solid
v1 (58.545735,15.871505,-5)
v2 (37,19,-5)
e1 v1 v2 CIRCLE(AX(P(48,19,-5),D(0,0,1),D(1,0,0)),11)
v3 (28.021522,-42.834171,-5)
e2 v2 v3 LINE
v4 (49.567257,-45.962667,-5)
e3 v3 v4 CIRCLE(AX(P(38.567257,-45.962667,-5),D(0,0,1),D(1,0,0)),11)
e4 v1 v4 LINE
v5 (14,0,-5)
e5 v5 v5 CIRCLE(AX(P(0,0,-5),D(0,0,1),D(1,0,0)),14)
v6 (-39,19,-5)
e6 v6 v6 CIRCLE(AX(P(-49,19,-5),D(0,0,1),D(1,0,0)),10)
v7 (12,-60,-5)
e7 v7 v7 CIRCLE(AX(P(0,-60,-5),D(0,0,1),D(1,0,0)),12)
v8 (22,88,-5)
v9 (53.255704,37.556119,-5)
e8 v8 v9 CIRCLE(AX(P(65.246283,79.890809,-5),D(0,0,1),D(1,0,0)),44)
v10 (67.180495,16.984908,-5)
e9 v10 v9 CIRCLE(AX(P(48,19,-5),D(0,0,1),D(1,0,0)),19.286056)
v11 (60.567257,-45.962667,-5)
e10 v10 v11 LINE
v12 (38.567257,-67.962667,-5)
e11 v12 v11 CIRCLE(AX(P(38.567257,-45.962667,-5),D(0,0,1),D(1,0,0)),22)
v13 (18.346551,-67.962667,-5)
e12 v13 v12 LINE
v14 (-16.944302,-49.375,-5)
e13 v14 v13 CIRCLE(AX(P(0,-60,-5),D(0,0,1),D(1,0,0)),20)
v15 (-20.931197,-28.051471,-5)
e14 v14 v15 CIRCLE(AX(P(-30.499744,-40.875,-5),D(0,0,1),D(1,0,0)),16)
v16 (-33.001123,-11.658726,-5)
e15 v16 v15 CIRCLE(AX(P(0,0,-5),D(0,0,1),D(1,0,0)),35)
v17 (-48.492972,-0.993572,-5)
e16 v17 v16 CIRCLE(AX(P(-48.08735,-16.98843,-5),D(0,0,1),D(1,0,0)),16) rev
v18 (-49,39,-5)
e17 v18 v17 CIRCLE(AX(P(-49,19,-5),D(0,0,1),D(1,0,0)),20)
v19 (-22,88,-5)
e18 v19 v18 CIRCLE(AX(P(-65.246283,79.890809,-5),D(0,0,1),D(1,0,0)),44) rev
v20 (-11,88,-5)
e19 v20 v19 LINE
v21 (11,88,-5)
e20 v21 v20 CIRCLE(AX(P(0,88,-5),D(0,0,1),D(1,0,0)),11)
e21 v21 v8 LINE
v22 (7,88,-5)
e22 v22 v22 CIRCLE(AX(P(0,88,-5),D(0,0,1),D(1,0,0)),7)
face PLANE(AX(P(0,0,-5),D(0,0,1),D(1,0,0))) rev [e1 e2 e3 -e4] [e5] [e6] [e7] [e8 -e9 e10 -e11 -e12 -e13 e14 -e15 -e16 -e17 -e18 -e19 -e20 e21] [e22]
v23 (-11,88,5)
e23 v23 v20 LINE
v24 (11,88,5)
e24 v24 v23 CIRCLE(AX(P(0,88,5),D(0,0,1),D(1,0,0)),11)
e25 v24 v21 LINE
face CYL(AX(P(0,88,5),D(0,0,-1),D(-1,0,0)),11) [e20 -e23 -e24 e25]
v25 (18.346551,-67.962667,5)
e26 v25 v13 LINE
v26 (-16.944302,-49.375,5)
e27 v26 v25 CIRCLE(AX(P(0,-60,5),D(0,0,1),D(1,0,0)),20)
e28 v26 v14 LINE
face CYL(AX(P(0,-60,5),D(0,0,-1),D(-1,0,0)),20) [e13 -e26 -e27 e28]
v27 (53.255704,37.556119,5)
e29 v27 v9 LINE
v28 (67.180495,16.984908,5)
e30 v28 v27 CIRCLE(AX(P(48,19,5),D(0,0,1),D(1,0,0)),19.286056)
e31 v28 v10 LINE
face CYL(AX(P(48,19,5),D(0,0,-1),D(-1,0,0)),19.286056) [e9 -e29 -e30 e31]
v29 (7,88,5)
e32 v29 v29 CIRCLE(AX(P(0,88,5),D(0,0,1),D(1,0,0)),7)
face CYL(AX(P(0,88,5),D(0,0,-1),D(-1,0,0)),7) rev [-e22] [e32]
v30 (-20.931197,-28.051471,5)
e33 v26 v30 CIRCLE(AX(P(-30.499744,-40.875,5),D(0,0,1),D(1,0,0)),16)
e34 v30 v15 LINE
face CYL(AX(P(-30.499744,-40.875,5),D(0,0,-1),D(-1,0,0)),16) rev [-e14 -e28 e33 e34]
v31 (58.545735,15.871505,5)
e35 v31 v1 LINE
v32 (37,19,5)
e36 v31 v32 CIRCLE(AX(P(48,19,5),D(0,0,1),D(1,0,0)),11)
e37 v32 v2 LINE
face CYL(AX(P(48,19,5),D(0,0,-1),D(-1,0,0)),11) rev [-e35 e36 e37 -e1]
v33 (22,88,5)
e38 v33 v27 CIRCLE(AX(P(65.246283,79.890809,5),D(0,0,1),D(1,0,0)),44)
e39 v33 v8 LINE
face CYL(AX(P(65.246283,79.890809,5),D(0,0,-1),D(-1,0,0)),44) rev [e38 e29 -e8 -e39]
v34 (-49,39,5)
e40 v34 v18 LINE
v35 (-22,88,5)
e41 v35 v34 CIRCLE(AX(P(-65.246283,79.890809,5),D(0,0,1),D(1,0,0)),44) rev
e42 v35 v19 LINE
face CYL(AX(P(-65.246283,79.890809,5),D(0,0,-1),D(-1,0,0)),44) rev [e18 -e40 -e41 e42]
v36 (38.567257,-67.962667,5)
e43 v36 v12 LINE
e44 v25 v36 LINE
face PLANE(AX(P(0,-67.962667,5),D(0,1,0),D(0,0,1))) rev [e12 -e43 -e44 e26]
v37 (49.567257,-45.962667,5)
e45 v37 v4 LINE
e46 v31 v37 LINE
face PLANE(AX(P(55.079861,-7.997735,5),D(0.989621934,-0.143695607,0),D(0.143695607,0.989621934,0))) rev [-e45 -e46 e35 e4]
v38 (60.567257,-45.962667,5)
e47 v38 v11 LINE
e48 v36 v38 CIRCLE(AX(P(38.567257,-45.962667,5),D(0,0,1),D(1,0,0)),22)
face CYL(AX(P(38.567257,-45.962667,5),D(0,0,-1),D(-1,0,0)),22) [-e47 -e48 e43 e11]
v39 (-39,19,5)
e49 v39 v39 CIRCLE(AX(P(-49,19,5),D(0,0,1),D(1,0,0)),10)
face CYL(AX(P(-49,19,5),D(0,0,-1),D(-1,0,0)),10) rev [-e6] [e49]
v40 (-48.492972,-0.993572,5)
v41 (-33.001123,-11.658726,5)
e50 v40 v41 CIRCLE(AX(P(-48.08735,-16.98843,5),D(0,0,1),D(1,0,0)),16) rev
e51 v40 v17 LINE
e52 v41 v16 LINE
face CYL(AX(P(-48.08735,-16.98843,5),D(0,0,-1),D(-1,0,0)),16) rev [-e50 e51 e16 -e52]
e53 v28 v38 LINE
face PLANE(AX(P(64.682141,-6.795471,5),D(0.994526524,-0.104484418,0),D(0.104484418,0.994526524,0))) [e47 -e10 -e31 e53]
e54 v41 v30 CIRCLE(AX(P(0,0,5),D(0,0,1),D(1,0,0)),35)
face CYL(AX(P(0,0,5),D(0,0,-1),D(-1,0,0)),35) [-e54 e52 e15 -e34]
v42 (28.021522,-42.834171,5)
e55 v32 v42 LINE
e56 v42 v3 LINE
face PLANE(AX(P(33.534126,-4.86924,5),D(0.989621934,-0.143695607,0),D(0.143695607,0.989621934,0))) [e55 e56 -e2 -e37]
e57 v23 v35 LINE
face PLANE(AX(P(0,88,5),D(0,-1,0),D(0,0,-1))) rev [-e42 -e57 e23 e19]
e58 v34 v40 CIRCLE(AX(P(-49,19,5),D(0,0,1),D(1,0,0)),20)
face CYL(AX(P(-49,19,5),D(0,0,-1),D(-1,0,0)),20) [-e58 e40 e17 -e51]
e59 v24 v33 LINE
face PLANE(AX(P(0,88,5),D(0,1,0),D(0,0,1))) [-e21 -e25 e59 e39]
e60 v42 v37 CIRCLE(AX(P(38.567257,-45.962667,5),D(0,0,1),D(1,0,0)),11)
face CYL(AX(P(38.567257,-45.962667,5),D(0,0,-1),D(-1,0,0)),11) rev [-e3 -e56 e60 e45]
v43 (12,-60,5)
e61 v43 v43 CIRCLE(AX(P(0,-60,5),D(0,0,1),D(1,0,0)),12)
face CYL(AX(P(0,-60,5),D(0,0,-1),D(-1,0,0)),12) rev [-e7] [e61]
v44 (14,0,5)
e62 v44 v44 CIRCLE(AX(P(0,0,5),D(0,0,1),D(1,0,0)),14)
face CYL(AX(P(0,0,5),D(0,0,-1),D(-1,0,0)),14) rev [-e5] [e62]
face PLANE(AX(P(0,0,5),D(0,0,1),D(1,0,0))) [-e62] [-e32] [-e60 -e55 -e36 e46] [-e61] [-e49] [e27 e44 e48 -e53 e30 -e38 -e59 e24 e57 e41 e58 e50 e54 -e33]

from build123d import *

# Parameters (mm, degrees)
SKETCH1_R           = 12
SKETCH1_R_2         = 14
SKETCH1_R_3         = 10
SKETCH1_R_4         = 7
BOSS_EXTRUDE1_DEPTH = 5


with BuildPart() as part:
    # Sketch1 → Boss-Extrude1 (new, symmetric)
    with BuildSketch(Plane.XY):
        with BuildLine():
            ThreePointArc((11, 88), (0, 99), (-11, 88))
            Line((-11, 88), (-22, 88))
            ThreePointArc((-22, 88), (-26.70940007, 58.656200039), (-49, 39))
            ThreePointArc((-49, 39), (-68.998392946, 18.746465817), (-48.492972379, -0.993572042))
            ThreePointArc((-48.492972379, -0.993572042), (-39.014510451, -3.809523143), (-33.001122743, -11.658726248))
            ThreePointArc((-33.001122743, -11.658726248), (-28.18429152, -20.752004999), (-20.931196761, -28.051470588))
            ThreePointArc((-20.931196761, -28.051470588), (-14.77228566, -37.934411824), (-16.94430214, -49.375))
            ThreePointArc((-16.94430214, -49.375), (-9.320242105, -77.695566877), (18.346551197, -67.962666587))
            Line((18.346551197, -67.962666587), (38.567256581, -67.962666587))
            ThreePointArc((38.567256581, -67.962666587), (54.123605767, -61.519015773), (60.567256581, -45.962666587))
            Line((60.567256581, -45.962666587), (67.180494628, 16.984907625))
            ThreePointArc((67.180494628, 16.984907625), (63.971087494, 29.810935932), (53.255704219, 37.556118792))
            ThreePointArc((53.255704219, 37.556118792), (27.844090476, 56.715909688), (22, 88))
            Line((22, 88), (11, 88))
        make_face()
        with Locations((0, -60)):
            Circle(SKETCH1_R, mode=Mode.SUBTRACT)
        Circle(SKETCH1_R_2, mode=Mode.SUBTRACT)
        with BuildLine():
            Line((34.793024979, 3.800712147), (37, 19))
            ThreePointArc((37, 19), (48, 30), (59, 19))
            ThreePointArc((59, 19), (58.885841276, 17.419348327), (58.545734598, 15.871504867))
            Line((58.545734598, 15.871504867), (49.567256581, -45.962666587))
            ThreePointArc((49.567256581, -45.962666587), (38.567256581, -56.962666587), (27.567256581, -45.962666587))
            ThreePointArc((27.567256581, -45.962666587), (27.681415305, -44.382014914), (28.021521984, -42.834171454))
            Line((28.021521984, -42.834171454), (34.793024979, 3.800712147))
        make_face(mode=Mode.SUBTRACT)
        with Locations((-49, 19)):
            Circle(SKETCH1_R_3, mode=Mode.SUBTRACT)
        with Locations((0, 88)):
            Circle(SKETCH1_R_4, mode=Mode.SUBTRACT)
    extrude(amount=BOSS_EXTRUDE1_DEPTH, both=True)


solid = part.part
